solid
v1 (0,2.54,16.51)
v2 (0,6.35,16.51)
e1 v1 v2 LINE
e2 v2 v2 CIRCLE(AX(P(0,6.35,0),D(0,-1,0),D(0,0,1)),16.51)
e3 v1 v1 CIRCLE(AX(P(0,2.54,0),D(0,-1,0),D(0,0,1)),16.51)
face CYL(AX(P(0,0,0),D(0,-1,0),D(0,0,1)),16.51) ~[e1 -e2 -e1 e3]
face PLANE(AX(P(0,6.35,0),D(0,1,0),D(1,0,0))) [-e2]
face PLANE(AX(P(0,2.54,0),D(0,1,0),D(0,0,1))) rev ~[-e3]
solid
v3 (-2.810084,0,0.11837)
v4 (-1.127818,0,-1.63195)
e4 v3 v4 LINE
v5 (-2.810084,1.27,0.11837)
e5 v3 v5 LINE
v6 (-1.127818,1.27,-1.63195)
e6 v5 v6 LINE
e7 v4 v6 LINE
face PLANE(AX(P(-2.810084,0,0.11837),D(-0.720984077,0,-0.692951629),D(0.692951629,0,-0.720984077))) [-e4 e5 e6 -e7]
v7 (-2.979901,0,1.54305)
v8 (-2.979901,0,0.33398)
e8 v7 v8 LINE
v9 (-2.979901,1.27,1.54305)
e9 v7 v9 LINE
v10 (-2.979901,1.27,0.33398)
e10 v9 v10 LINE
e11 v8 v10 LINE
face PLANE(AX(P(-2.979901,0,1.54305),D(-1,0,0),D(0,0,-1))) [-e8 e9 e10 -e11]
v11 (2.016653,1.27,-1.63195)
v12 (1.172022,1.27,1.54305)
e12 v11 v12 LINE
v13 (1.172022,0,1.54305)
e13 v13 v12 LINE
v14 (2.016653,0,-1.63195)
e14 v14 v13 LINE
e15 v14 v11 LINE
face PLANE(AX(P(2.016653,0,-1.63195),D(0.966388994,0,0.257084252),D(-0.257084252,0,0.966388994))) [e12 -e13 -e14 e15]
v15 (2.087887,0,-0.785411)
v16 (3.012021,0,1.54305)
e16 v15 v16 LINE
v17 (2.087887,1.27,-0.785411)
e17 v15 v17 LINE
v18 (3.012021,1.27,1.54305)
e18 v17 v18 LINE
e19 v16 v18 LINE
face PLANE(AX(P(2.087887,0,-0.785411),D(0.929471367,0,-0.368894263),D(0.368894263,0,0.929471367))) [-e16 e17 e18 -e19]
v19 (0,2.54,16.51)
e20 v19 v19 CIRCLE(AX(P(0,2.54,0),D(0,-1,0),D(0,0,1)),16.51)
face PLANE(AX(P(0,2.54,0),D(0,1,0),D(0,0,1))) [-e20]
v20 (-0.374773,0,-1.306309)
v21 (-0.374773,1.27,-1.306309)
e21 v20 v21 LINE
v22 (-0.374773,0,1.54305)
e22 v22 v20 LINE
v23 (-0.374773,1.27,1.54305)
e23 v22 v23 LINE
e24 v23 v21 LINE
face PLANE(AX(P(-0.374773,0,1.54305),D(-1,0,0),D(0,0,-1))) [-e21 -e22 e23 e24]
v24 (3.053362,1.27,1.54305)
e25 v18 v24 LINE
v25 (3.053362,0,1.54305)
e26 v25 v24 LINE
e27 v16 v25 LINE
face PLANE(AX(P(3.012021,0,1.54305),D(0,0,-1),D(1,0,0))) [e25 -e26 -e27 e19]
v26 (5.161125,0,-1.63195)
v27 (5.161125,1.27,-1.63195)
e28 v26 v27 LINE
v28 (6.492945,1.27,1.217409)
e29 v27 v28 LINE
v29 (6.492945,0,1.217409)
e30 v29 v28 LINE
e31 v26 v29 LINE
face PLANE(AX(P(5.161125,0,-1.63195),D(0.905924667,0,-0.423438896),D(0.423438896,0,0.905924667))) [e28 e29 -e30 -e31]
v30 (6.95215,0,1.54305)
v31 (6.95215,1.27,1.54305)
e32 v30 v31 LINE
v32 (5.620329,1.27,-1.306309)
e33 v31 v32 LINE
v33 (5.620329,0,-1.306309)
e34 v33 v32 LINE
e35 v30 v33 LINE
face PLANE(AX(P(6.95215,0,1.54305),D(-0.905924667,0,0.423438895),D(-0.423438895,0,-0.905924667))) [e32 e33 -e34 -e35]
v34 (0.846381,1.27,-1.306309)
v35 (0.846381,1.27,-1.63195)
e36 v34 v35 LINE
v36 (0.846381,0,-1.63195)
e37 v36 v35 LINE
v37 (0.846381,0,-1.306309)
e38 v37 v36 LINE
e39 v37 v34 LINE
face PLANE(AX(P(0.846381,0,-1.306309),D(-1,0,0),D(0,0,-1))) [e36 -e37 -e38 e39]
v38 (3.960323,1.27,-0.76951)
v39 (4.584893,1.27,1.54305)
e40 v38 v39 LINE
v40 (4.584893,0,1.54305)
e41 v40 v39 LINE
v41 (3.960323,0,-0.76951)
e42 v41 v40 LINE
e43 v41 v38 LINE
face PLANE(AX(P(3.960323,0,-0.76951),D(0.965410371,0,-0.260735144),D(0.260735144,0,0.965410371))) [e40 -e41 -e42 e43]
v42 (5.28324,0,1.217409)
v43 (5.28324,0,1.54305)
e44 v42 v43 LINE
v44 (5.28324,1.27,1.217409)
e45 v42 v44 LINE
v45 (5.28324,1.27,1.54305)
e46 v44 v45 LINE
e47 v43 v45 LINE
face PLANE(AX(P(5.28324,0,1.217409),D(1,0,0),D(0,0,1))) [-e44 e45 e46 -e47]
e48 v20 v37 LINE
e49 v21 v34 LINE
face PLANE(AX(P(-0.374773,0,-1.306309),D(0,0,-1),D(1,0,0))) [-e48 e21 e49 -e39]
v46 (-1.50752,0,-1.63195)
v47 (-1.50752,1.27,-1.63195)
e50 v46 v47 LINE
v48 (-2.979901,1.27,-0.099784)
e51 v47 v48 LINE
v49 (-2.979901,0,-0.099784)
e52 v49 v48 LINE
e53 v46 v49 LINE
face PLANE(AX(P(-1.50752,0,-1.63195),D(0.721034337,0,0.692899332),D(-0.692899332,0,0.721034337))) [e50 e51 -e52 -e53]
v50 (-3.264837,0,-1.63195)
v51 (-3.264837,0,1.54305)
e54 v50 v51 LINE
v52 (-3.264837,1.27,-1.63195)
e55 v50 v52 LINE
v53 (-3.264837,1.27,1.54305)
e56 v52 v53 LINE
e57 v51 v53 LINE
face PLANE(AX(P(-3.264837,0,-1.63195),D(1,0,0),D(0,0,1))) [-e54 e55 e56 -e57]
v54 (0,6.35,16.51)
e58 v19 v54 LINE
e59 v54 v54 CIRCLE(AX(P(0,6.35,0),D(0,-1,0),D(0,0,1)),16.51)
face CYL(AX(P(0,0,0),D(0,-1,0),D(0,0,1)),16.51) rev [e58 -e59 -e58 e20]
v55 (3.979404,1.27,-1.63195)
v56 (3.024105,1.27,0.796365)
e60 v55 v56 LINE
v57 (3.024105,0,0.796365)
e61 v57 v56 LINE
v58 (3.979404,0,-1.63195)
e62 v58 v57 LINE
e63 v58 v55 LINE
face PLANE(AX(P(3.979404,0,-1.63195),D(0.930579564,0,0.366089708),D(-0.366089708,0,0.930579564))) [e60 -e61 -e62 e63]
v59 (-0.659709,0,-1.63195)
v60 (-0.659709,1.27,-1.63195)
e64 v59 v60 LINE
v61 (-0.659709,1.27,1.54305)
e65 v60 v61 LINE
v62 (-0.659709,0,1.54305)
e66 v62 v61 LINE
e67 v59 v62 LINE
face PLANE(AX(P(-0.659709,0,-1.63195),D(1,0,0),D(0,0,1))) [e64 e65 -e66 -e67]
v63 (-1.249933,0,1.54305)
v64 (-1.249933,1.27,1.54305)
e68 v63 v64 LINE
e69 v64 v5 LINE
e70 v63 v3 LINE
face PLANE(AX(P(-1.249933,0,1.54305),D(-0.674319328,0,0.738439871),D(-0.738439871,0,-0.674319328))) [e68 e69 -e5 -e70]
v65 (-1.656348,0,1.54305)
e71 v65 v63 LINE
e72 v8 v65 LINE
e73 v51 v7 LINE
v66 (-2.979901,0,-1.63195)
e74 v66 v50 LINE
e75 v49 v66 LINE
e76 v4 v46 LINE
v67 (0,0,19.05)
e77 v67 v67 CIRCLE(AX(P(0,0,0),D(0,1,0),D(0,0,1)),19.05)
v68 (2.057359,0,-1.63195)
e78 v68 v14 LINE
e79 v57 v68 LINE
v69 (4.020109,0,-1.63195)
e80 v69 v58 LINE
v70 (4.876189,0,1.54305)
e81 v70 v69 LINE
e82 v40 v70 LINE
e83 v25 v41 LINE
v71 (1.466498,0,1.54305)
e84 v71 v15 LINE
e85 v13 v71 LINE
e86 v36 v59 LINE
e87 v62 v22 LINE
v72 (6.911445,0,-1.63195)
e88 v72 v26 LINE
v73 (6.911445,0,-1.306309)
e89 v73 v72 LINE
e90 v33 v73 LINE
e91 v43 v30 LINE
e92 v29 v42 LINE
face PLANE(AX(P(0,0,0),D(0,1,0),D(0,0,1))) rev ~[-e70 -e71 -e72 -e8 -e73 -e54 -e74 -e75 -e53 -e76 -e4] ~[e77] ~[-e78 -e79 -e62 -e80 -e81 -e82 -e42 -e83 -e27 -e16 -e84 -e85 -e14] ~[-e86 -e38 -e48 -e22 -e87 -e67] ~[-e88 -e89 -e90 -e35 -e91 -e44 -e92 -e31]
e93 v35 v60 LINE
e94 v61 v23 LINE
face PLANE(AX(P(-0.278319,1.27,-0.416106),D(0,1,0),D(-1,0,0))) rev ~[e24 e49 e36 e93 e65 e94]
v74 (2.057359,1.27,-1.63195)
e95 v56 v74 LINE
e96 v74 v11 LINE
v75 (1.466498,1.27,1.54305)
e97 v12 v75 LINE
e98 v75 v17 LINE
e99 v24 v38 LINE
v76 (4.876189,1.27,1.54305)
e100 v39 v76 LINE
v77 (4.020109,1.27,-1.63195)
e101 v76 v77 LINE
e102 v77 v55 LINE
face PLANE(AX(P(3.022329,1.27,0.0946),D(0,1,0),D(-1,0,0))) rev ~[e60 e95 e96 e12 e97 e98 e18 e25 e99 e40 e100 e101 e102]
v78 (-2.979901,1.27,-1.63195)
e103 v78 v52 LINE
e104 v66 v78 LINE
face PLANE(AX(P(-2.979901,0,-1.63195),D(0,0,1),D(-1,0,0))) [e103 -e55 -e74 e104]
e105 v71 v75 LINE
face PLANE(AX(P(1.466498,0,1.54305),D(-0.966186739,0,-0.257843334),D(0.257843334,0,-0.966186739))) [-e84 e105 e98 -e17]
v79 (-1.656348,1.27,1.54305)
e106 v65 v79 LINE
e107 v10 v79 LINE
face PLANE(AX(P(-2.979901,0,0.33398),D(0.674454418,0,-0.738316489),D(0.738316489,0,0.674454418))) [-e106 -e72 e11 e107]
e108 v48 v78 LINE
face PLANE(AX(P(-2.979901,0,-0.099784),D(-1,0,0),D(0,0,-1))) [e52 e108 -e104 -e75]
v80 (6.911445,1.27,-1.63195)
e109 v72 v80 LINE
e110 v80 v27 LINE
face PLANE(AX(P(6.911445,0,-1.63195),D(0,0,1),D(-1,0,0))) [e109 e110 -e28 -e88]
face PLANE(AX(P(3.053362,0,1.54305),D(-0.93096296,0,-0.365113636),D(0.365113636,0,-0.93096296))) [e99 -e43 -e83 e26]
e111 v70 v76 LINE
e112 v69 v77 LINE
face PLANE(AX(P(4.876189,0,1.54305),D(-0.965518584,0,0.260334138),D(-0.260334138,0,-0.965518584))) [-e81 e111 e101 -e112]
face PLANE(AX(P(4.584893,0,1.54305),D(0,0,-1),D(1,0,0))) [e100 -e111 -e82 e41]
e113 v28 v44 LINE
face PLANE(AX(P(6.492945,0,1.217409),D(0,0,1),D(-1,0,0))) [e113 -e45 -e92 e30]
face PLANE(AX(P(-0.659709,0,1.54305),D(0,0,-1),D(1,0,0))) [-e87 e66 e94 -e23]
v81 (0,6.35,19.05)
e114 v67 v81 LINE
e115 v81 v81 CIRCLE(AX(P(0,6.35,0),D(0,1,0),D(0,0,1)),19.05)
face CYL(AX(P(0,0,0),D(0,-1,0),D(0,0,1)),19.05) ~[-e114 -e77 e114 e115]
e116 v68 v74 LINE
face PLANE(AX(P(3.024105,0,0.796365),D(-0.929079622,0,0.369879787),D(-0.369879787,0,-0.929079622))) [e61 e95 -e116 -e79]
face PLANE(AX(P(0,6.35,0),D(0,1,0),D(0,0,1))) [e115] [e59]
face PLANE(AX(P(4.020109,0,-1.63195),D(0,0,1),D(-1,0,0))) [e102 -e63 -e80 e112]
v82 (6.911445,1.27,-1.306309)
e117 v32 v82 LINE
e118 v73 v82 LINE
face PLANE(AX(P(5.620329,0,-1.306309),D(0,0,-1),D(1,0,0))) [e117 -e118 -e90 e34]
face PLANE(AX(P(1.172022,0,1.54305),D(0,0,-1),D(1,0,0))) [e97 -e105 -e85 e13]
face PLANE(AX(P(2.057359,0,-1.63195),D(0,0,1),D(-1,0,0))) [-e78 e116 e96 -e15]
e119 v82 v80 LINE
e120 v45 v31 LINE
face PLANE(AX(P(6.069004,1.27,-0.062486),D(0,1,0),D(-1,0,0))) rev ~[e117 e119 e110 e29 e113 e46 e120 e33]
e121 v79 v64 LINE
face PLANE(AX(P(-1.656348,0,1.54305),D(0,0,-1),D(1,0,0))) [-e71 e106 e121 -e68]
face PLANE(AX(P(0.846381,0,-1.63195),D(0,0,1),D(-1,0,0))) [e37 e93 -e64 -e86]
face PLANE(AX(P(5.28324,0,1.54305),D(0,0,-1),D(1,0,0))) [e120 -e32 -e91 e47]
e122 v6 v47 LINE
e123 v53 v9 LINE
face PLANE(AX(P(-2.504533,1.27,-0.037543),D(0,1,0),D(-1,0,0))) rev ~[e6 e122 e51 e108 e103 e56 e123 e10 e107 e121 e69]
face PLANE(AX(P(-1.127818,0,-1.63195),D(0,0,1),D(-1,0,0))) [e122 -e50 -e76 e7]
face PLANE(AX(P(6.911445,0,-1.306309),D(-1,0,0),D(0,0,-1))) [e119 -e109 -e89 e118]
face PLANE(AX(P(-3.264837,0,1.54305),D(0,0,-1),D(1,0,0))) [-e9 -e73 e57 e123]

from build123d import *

# Parameters (mm, degrees)
SKETCH1_R           = 19.05
BOSS_EXTRUDE1_DEPTH = 6.35
SHELL1_T            = -2.54
BOSS_EXTRUDE3_REACH = 29.679
SKETCH35_R          = 44.45
CUT_EXTRUDE4_DEPTH  = 1.27


with BuildPart() as part:
    # Sketch1 → Boss-Extrude1 (new body)
    with BuildSketch(Plane(origin=(0, 0, 0), x_dir=(1, 0, 0), z_dir=(0, 1, 0))):
        with Locations(Location((0, 0, 0), (0, 0, 270))):
            Circle(SKETCH1_R)
    extrude(amount=BOSS_EXTRUDE1_DEPTH)

    # Shell1
    shell1_openings = [part.faces().sort_by_distance(p)[0] for p in [
        (0, 6.35, 0),
    ]]
    offset(amount=SHELL1_T, openings=shell1_openings, kind=Kind.INTERSECTION)


with BuildPart() as body_2:

    # Sketch35 → Boss-Extrude3 (new, up to next)
    with BuildSketch(Plane(origin=(0, 6.35, 0), x_dir=(1, 0, 0), z_dir=(0, 1, 0)), mode=Mode.PRIVATE) as boss_extrude3_sk1:
        Circle(SKETCH35_R)
    boss_extrude3_tool1 = extrude(boss_extrude3_sk1.sketch, amount=-BOSS_EXTRUDE3_REACH, mode=Mode.PRIVATE) - part.part
    add(boss_extrude3_tool1.solids().sort_by_distance((0, 6.35, 0))[0])


with BuildPart() as part_1:
    add(part.part)

    # Sketch36 → Cut-Extrude4 (cut)
    with BuildSketch(Plane.XZ):
        Polygon((-3.264836953, 1.543049673), (-2.979901056, 1.543049673), (-2.979901056, 0.333980162), (-1.656348371, 1.543049673), (-1.249933107, 1.543049673), (-2.810084349, 0.118370186), (-1.127817722, -1.631950327), (-1.507520246, -1.631950327), (-2.979901056, -0.09978386), (-2.979901056, -1.631950327), (-3.264836953, -1.631950327), align=None)
        Polygon((-0.659708748, 1.543049673), (-0.37477285, 1.543049673), (-0.37477285, -1.306309301), (0.846380996, -1.306309301), (0.846380996, -1.631950327), (-0.659708748, -1.631950327), align=None)
        Polygon((1.172022021, 1.543049673), (1.466498183, 1.543049673), (2.087887406, -0.785410864), (3.01202102, 1.543049673), (3.053362166, 1.543049673), (3.960323303, -0.769510423), (4.584892614, 1.543049673), (4.876188688, 1.543049673), (4.02010896, -1.631950327), (3.979403832, -1.631950327), (3.024105355, 0.796364978), (2.05735856, -1.631950327), (2.016653432, -1.631950327), align=None)
        Polygon((5.28323997, 1.217408648), (5.28323997, 1.543049673), (6.952150226, 1.543049673), (5.620329313, -1.306309301), (6.911445098, -1.306309301), (6.911445098, -1.631950327), (5.161124585, -1.631950327), (6.492945499, 1.217408648), align=None)
    extrude(amount=-CUT_EXTRUDE4_DEPTH, mode=Mode.SUBTRACT)


solid = Compound([body_2.part, part_1.part])
